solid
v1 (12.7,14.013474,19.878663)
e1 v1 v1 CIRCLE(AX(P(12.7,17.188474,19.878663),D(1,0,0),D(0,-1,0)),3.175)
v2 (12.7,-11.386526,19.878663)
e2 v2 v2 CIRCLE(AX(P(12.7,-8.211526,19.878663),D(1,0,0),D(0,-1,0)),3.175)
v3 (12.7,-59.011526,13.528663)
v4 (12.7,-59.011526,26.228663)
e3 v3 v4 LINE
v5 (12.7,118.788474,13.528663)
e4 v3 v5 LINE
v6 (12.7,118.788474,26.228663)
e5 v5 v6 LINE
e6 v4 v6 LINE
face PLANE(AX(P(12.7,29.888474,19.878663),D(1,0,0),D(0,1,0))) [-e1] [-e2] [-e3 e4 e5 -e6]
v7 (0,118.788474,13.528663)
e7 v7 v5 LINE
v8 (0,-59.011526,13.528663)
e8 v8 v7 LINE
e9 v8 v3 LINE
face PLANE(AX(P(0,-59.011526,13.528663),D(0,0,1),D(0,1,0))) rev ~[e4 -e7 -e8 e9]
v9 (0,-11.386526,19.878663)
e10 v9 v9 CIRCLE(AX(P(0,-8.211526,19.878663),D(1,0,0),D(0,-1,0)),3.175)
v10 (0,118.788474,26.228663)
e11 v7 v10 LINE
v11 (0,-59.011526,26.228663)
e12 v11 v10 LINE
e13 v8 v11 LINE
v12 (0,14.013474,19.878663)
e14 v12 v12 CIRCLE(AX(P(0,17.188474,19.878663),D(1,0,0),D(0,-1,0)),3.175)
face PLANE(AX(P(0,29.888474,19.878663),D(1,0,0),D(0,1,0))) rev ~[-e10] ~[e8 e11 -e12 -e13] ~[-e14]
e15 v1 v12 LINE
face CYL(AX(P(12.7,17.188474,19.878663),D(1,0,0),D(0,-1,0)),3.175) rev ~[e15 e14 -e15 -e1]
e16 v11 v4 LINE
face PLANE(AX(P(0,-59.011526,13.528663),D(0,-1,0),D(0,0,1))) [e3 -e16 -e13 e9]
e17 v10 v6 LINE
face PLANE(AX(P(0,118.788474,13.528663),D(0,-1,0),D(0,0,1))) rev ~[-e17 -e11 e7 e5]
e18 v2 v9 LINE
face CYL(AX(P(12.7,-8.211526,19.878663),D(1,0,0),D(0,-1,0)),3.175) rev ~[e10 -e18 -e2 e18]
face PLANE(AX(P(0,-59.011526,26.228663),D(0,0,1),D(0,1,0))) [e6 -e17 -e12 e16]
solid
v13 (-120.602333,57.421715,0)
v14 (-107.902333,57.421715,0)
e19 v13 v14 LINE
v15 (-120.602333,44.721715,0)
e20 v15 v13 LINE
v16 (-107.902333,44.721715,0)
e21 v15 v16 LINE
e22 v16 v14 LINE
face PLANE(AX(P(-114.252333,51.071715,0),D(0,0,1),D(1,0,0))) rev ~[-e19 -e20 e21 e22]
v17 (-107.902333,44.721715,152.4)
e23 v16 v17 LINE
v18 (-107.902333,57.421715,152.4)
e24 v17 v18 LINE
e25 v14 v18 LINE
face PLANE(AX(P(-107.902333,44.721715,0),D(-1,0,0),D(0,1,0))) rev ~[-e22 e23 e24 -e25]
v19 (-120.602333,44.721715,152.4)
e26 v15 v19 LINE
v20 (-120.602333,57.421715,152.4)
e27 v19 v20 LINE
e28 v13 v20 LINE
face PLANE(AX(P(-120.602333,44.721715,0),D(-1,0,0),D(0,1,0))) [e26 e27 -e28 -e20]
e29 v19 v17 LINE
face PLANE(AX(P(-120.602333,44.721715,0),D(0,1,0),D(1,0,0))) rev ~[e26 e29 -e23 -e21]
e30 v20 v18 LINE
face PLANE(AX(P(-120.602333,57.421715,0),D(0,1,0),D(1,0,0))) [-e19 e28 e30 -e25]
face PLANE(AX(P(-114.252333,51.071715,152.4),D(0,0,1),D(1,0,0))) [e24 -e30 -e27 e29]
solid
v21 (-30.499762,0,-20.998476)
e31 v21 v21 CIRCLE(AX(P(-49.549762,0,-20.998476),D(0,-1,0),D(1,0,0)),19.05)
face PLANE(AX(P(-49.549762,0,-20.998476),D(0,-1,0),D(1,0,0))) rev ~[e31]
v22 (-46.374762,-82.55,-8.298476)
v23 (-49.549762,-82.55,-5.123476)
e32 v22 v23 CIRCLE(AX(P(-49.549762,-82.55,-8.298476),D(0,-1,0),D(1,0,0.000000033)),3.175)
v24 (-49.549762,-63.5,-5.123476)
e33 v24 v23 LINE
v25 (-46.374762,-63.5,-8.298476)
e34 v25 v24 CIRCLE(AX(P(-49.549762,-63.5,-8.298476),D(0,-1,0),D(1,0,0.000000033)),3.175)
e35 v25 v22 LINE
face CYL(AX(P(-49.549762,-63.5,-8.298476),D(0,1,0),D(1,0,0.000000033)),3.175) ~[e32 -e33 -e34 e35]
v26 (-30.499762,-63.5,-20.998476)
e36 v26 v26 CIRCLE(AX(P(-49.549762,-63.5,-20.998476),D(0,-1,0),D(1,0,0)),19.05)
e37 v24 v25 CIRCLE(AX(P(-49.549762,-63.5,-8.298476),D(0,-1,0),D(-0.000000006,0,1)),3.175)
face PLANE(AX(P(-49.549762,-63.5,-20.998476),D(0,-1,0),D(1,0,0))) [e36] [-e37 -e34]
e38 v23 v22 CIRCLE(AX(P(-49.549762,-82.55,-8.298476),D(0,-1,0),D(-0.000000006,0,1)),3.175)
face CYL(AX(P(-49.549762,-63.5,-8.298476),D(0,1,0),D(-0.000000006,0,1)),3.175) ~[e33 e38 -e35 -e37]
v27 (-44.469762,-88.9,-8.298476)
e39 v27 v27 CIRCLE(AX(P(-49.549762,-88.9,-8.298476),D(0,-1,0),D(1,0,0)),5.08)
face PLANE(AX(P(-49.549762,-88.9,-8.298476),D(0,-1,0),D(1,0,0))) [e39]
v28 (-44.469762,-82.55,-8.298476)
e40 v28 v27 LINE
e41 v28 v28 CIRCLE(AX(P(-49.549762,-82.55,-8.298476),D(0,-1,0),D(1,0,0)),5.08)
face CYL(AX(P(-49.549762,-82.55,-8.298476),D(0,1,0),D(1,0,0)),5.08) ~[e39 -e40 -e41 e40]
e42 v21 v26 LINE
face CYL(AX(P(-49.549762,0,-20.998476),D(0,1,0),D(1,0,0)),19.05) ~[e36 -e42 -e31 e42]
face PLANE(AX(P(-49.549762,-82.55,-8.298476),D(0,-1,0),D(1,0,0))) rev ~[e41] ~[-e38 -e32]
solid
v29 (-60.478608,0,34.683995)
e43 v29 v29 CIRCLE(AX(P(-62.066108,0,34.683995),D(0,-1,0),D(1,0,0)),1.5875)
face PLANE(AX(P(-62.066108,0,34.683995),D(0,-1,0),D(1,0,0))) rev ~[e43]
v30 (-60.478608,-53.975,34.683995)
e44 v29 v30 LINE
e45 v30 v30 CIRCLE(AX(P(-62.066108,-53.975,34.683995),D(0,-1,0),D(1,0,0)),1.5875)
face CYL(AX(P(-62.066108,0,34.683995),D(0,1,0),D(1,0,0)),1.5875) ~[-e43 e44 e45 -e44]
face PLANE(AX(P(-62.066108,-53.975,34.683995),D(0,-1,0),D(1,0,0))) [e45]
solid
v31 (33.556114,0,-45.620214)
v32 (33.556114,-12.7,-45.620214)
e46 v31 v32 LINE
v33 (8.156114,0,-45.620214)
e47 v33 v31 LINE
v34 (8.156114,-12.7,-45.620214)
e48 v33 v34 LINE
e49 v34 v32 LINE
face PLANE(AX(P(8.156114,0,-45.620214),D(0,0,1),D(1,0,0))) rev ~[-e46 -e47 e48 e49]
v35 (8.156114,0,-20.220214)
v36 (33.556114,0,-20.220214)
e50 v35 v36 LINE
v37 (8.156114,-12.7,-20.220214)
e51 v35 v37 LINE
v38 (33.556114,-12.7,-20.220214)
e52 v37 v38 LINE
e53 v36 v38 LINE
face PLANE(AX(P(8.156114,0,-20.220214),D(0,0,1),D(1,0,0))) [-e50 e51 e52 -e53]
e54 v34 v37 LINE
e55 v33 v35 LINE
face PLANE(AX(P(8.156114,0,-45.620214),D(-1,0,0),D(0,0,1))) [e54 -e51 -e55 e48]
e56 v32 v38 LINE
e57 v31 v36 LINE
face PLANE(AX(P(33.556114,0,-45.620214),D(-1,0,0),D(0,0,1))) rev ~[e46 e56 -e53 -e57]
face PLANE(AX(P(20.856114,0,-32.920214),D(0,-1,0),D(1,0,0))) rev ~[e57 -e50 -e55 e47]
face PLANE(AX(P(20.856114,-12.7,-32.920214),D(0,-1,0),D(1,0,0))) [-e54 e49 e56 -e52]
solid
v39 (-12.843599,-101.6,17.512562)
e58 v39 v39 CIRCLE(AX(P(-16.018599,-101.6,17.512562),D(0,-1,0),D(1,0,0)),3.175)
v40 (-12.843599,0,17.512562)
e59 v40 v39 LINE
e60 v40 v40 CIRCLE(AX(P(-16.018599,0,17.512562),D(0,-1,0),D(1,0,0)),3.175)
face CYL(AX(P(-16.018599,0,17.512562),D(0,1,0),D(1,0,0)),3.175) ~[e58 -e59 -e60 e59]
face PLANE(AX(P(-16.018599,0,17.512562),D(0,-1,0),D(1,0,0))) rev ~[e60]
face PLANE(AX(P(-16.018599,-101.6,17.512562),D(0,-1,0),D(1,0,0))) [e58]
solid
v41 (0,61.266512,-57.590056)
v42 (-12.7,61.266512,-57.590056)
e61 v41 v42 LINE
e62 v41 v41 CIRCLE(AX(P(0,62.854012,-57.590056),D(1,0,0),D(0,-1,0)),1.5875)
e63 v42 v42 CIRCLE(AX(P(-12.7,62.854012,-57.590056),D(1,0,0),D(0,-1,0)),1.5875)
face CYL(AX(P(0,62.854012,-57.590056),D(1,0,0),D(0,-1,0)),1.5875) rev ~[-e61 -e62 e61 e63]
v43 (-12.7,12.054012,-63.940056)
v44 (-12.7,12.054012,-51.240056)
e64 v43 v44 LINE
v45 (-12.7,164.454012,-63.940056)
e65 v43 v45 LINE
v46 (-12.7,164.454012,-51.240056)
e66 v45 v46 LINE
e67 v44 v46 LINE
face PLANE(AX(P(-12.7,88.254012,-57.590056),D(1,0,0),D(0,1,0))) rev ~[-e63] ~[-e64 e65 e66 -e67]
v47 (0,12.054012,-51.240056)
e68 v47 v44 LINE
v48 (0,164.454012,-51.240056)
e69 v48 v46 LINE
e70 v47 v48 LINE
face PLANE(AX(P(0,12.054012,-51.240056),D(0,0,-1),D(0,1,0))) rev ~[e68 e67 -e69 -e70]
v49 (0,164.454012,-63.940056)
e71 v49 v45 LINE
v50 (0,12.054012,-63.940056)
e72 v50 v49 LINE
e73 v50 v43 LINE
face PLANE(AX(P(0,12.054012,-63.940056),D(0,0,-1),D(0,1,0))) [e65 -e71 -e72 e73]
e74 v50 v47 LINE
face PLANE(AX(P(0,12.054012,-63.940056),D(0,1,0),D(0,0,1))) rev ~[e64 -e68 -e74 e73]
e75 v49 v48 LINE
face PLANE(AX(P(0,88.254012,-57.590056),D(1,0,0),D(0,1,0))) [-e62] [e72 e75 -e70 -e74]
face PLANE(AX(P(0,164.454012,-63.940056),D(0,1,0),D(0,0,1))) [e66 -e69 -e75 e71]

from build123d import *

# Parameters (mm, degrees)
F0_W      = 177.8
F0_H      = 12.7
F1_DEPTH  = 12.7
F3_DEPTH  = 25.4
F4_R      = 3.175
F5_DEPTH  = 101.6
F6_R      = 19.05
F7_DEPTH  = 63.5
F9_DEPTH  = 19.05
F10_R     = 5.08
F10_R_2   = 3.175
F11_DEPTH = 6.35
F12_W     = 12.7
F12_H     = 12.7
F13_DEPTH = 152.4
F14_W     = 152.4
F14_H     = 12.7
F15_DEPTH = 12.7
F17_DEPTH = 25.4
F18_R     = 1.5875
F19_DEPTH = 53.975
F20_W     = 25.4
F20_H     = 25.4
F21_DEPTH = 12.7


with BuildPart() as f1:
    # F0 (on Right) → F1 (new body)
    with BuildSketch(Plane.YZ):
        with Locations((29.888474, 19.878663)):
            Rectangle(F0_W, F0_H)
    extrude(amount=F1_DEPTH)

    # F2 (on face) → F3 (cut)
    with BuildSketch(Plane.YZ.offset(12.7)):
        with BuildLine():
            ThreePointArc((-5.036526, 19.878663), (-8.211526, 23.053663), (-11.386526, 19.878663))
            Line((-11.386526, 19.878663), (-8.211526, 19.878663))
            Line((-8.211526, 19.878663), (-5.036526, 19.878663))
        make_face()
        with BuildLine():
            Line((-8.211526, 19.878663), (-11.386526, 19.878663))
            ThreePointArc((-11.386526, 19.878663), (-8.211526, 16.703663), (-5.036526, 19.878663))
            Line((-5.036526, 19.878663), (-8.211526, 19.878663))
        make_face()
        with BuildLine():
            ThreePointArc((20.363474, 19.878663), (17.188474, 23.053663), (14.013474, 19.878663))
            ThreePointArc((14.013474, 19.878663), (17.188474, 16.703663), (20.363474, 19.878663))
        make_face()
    extrude(amount=-F3_DEPTH, mode=Mode.SUBTRACT)


with BuildPart() as f5:
    # F4 (on Front) → F5 (new body)
    with BuildSketch(Plane.XZ):
        with Locations((-16.018599, 17.512562)):
            Circle(F4_R)
    extrude(amount=F5_DEPTH)


with BuildPart() as f7:
    # F6 (on Front) → F7 (new body)
    with BuildSketch(Plane.XZ):
        with Locations((-49.549762, -20.998476)):
            Circle(F6_R)
    extrude(amount=F7_DEPTH)

    # F8 (on face) → F9 (join)
    with BuildSketch(Plane.XZ.offset(63.5)):
        with BuildLine():
            ThreePointArc((-49.549762, -5.123476), (-51.794826, -10.54354), (-46.374762, -8.298476))
            ThreePointArc((-46.374762, -8.298476), (-47.304698, -6.053412), (-49.549762, -5.123476))
        make_face()
    extrude(amount=F9_DEPTH)

    # F10 (on face) → F11 (join)
    with BuildSketch(Plane.XZ.offset(82.55)):
        with Locations((-49.549762, -8.298476)):
            Circle(F10_R)
        with Locations((-49.549762, -8.298476)):
            Circle(F10_R_2, mode=Mode.SUBTRACT)
        with Locations((-49.549762, -8.298476)):
            Circle(F10_R_2)
    extrude(amount=F11_DEPTH)


with BuildPart() as f13:
    # F12 (on Top) → F13 (new body)
    with BuildSketch(Plane.XY):
        with Locations((-114.252333, 51.071715)):
            Rectangle(F12_W, F12_H)
    extrude(amount=F13_DEPTH)


with BuildPart() as f15:
    # F14 (on Right) → F15 (new body)
    with BuildSketch(Plane.YZ):
        with Locations((88.254012, -57.590056)):
            Rectangle(F14_W, F14_H)
    extrude(amount=-F15_DEPTH)

    # F16 (on face) → F17 (cut)
    with BuildSketch(Plane.YZ):
        with BuildLine():
            ThreePointArc((64.441512, -57.590056), (62.854012, -56.002556), (61.266512, -57.590056))
            ThreePointArc((61.266512, -57.590056), (62.854012, -59.177556), (64.441512, -57.590056))
        make_face()
    extrude(amount=-F17_DEPTH, mode=Mode.SUBTRACT)


with BuildPart() as f19:
    # F18 (on Front) → F19 (new body)
    with BuildSketch(Plane.XZ):
        with Locations((-62.066108, 34.683995)):
            Circle(F18_R)
    extrude(amount=F19_DEPTH)


with BuildPart() as f21:
    # F20 (on Front) → F21 (new body)
    with BuildSketch(Plane.XZ):
        with Locations((20.856114, -32.920214)):
            Rectangle(F20_W, F20_H)
    extrude(amount=F21_DEPTH)


solid = Compound([f1.part, f5.part, f7.part, f13.part, f15.part, f19.part, f21.part])
